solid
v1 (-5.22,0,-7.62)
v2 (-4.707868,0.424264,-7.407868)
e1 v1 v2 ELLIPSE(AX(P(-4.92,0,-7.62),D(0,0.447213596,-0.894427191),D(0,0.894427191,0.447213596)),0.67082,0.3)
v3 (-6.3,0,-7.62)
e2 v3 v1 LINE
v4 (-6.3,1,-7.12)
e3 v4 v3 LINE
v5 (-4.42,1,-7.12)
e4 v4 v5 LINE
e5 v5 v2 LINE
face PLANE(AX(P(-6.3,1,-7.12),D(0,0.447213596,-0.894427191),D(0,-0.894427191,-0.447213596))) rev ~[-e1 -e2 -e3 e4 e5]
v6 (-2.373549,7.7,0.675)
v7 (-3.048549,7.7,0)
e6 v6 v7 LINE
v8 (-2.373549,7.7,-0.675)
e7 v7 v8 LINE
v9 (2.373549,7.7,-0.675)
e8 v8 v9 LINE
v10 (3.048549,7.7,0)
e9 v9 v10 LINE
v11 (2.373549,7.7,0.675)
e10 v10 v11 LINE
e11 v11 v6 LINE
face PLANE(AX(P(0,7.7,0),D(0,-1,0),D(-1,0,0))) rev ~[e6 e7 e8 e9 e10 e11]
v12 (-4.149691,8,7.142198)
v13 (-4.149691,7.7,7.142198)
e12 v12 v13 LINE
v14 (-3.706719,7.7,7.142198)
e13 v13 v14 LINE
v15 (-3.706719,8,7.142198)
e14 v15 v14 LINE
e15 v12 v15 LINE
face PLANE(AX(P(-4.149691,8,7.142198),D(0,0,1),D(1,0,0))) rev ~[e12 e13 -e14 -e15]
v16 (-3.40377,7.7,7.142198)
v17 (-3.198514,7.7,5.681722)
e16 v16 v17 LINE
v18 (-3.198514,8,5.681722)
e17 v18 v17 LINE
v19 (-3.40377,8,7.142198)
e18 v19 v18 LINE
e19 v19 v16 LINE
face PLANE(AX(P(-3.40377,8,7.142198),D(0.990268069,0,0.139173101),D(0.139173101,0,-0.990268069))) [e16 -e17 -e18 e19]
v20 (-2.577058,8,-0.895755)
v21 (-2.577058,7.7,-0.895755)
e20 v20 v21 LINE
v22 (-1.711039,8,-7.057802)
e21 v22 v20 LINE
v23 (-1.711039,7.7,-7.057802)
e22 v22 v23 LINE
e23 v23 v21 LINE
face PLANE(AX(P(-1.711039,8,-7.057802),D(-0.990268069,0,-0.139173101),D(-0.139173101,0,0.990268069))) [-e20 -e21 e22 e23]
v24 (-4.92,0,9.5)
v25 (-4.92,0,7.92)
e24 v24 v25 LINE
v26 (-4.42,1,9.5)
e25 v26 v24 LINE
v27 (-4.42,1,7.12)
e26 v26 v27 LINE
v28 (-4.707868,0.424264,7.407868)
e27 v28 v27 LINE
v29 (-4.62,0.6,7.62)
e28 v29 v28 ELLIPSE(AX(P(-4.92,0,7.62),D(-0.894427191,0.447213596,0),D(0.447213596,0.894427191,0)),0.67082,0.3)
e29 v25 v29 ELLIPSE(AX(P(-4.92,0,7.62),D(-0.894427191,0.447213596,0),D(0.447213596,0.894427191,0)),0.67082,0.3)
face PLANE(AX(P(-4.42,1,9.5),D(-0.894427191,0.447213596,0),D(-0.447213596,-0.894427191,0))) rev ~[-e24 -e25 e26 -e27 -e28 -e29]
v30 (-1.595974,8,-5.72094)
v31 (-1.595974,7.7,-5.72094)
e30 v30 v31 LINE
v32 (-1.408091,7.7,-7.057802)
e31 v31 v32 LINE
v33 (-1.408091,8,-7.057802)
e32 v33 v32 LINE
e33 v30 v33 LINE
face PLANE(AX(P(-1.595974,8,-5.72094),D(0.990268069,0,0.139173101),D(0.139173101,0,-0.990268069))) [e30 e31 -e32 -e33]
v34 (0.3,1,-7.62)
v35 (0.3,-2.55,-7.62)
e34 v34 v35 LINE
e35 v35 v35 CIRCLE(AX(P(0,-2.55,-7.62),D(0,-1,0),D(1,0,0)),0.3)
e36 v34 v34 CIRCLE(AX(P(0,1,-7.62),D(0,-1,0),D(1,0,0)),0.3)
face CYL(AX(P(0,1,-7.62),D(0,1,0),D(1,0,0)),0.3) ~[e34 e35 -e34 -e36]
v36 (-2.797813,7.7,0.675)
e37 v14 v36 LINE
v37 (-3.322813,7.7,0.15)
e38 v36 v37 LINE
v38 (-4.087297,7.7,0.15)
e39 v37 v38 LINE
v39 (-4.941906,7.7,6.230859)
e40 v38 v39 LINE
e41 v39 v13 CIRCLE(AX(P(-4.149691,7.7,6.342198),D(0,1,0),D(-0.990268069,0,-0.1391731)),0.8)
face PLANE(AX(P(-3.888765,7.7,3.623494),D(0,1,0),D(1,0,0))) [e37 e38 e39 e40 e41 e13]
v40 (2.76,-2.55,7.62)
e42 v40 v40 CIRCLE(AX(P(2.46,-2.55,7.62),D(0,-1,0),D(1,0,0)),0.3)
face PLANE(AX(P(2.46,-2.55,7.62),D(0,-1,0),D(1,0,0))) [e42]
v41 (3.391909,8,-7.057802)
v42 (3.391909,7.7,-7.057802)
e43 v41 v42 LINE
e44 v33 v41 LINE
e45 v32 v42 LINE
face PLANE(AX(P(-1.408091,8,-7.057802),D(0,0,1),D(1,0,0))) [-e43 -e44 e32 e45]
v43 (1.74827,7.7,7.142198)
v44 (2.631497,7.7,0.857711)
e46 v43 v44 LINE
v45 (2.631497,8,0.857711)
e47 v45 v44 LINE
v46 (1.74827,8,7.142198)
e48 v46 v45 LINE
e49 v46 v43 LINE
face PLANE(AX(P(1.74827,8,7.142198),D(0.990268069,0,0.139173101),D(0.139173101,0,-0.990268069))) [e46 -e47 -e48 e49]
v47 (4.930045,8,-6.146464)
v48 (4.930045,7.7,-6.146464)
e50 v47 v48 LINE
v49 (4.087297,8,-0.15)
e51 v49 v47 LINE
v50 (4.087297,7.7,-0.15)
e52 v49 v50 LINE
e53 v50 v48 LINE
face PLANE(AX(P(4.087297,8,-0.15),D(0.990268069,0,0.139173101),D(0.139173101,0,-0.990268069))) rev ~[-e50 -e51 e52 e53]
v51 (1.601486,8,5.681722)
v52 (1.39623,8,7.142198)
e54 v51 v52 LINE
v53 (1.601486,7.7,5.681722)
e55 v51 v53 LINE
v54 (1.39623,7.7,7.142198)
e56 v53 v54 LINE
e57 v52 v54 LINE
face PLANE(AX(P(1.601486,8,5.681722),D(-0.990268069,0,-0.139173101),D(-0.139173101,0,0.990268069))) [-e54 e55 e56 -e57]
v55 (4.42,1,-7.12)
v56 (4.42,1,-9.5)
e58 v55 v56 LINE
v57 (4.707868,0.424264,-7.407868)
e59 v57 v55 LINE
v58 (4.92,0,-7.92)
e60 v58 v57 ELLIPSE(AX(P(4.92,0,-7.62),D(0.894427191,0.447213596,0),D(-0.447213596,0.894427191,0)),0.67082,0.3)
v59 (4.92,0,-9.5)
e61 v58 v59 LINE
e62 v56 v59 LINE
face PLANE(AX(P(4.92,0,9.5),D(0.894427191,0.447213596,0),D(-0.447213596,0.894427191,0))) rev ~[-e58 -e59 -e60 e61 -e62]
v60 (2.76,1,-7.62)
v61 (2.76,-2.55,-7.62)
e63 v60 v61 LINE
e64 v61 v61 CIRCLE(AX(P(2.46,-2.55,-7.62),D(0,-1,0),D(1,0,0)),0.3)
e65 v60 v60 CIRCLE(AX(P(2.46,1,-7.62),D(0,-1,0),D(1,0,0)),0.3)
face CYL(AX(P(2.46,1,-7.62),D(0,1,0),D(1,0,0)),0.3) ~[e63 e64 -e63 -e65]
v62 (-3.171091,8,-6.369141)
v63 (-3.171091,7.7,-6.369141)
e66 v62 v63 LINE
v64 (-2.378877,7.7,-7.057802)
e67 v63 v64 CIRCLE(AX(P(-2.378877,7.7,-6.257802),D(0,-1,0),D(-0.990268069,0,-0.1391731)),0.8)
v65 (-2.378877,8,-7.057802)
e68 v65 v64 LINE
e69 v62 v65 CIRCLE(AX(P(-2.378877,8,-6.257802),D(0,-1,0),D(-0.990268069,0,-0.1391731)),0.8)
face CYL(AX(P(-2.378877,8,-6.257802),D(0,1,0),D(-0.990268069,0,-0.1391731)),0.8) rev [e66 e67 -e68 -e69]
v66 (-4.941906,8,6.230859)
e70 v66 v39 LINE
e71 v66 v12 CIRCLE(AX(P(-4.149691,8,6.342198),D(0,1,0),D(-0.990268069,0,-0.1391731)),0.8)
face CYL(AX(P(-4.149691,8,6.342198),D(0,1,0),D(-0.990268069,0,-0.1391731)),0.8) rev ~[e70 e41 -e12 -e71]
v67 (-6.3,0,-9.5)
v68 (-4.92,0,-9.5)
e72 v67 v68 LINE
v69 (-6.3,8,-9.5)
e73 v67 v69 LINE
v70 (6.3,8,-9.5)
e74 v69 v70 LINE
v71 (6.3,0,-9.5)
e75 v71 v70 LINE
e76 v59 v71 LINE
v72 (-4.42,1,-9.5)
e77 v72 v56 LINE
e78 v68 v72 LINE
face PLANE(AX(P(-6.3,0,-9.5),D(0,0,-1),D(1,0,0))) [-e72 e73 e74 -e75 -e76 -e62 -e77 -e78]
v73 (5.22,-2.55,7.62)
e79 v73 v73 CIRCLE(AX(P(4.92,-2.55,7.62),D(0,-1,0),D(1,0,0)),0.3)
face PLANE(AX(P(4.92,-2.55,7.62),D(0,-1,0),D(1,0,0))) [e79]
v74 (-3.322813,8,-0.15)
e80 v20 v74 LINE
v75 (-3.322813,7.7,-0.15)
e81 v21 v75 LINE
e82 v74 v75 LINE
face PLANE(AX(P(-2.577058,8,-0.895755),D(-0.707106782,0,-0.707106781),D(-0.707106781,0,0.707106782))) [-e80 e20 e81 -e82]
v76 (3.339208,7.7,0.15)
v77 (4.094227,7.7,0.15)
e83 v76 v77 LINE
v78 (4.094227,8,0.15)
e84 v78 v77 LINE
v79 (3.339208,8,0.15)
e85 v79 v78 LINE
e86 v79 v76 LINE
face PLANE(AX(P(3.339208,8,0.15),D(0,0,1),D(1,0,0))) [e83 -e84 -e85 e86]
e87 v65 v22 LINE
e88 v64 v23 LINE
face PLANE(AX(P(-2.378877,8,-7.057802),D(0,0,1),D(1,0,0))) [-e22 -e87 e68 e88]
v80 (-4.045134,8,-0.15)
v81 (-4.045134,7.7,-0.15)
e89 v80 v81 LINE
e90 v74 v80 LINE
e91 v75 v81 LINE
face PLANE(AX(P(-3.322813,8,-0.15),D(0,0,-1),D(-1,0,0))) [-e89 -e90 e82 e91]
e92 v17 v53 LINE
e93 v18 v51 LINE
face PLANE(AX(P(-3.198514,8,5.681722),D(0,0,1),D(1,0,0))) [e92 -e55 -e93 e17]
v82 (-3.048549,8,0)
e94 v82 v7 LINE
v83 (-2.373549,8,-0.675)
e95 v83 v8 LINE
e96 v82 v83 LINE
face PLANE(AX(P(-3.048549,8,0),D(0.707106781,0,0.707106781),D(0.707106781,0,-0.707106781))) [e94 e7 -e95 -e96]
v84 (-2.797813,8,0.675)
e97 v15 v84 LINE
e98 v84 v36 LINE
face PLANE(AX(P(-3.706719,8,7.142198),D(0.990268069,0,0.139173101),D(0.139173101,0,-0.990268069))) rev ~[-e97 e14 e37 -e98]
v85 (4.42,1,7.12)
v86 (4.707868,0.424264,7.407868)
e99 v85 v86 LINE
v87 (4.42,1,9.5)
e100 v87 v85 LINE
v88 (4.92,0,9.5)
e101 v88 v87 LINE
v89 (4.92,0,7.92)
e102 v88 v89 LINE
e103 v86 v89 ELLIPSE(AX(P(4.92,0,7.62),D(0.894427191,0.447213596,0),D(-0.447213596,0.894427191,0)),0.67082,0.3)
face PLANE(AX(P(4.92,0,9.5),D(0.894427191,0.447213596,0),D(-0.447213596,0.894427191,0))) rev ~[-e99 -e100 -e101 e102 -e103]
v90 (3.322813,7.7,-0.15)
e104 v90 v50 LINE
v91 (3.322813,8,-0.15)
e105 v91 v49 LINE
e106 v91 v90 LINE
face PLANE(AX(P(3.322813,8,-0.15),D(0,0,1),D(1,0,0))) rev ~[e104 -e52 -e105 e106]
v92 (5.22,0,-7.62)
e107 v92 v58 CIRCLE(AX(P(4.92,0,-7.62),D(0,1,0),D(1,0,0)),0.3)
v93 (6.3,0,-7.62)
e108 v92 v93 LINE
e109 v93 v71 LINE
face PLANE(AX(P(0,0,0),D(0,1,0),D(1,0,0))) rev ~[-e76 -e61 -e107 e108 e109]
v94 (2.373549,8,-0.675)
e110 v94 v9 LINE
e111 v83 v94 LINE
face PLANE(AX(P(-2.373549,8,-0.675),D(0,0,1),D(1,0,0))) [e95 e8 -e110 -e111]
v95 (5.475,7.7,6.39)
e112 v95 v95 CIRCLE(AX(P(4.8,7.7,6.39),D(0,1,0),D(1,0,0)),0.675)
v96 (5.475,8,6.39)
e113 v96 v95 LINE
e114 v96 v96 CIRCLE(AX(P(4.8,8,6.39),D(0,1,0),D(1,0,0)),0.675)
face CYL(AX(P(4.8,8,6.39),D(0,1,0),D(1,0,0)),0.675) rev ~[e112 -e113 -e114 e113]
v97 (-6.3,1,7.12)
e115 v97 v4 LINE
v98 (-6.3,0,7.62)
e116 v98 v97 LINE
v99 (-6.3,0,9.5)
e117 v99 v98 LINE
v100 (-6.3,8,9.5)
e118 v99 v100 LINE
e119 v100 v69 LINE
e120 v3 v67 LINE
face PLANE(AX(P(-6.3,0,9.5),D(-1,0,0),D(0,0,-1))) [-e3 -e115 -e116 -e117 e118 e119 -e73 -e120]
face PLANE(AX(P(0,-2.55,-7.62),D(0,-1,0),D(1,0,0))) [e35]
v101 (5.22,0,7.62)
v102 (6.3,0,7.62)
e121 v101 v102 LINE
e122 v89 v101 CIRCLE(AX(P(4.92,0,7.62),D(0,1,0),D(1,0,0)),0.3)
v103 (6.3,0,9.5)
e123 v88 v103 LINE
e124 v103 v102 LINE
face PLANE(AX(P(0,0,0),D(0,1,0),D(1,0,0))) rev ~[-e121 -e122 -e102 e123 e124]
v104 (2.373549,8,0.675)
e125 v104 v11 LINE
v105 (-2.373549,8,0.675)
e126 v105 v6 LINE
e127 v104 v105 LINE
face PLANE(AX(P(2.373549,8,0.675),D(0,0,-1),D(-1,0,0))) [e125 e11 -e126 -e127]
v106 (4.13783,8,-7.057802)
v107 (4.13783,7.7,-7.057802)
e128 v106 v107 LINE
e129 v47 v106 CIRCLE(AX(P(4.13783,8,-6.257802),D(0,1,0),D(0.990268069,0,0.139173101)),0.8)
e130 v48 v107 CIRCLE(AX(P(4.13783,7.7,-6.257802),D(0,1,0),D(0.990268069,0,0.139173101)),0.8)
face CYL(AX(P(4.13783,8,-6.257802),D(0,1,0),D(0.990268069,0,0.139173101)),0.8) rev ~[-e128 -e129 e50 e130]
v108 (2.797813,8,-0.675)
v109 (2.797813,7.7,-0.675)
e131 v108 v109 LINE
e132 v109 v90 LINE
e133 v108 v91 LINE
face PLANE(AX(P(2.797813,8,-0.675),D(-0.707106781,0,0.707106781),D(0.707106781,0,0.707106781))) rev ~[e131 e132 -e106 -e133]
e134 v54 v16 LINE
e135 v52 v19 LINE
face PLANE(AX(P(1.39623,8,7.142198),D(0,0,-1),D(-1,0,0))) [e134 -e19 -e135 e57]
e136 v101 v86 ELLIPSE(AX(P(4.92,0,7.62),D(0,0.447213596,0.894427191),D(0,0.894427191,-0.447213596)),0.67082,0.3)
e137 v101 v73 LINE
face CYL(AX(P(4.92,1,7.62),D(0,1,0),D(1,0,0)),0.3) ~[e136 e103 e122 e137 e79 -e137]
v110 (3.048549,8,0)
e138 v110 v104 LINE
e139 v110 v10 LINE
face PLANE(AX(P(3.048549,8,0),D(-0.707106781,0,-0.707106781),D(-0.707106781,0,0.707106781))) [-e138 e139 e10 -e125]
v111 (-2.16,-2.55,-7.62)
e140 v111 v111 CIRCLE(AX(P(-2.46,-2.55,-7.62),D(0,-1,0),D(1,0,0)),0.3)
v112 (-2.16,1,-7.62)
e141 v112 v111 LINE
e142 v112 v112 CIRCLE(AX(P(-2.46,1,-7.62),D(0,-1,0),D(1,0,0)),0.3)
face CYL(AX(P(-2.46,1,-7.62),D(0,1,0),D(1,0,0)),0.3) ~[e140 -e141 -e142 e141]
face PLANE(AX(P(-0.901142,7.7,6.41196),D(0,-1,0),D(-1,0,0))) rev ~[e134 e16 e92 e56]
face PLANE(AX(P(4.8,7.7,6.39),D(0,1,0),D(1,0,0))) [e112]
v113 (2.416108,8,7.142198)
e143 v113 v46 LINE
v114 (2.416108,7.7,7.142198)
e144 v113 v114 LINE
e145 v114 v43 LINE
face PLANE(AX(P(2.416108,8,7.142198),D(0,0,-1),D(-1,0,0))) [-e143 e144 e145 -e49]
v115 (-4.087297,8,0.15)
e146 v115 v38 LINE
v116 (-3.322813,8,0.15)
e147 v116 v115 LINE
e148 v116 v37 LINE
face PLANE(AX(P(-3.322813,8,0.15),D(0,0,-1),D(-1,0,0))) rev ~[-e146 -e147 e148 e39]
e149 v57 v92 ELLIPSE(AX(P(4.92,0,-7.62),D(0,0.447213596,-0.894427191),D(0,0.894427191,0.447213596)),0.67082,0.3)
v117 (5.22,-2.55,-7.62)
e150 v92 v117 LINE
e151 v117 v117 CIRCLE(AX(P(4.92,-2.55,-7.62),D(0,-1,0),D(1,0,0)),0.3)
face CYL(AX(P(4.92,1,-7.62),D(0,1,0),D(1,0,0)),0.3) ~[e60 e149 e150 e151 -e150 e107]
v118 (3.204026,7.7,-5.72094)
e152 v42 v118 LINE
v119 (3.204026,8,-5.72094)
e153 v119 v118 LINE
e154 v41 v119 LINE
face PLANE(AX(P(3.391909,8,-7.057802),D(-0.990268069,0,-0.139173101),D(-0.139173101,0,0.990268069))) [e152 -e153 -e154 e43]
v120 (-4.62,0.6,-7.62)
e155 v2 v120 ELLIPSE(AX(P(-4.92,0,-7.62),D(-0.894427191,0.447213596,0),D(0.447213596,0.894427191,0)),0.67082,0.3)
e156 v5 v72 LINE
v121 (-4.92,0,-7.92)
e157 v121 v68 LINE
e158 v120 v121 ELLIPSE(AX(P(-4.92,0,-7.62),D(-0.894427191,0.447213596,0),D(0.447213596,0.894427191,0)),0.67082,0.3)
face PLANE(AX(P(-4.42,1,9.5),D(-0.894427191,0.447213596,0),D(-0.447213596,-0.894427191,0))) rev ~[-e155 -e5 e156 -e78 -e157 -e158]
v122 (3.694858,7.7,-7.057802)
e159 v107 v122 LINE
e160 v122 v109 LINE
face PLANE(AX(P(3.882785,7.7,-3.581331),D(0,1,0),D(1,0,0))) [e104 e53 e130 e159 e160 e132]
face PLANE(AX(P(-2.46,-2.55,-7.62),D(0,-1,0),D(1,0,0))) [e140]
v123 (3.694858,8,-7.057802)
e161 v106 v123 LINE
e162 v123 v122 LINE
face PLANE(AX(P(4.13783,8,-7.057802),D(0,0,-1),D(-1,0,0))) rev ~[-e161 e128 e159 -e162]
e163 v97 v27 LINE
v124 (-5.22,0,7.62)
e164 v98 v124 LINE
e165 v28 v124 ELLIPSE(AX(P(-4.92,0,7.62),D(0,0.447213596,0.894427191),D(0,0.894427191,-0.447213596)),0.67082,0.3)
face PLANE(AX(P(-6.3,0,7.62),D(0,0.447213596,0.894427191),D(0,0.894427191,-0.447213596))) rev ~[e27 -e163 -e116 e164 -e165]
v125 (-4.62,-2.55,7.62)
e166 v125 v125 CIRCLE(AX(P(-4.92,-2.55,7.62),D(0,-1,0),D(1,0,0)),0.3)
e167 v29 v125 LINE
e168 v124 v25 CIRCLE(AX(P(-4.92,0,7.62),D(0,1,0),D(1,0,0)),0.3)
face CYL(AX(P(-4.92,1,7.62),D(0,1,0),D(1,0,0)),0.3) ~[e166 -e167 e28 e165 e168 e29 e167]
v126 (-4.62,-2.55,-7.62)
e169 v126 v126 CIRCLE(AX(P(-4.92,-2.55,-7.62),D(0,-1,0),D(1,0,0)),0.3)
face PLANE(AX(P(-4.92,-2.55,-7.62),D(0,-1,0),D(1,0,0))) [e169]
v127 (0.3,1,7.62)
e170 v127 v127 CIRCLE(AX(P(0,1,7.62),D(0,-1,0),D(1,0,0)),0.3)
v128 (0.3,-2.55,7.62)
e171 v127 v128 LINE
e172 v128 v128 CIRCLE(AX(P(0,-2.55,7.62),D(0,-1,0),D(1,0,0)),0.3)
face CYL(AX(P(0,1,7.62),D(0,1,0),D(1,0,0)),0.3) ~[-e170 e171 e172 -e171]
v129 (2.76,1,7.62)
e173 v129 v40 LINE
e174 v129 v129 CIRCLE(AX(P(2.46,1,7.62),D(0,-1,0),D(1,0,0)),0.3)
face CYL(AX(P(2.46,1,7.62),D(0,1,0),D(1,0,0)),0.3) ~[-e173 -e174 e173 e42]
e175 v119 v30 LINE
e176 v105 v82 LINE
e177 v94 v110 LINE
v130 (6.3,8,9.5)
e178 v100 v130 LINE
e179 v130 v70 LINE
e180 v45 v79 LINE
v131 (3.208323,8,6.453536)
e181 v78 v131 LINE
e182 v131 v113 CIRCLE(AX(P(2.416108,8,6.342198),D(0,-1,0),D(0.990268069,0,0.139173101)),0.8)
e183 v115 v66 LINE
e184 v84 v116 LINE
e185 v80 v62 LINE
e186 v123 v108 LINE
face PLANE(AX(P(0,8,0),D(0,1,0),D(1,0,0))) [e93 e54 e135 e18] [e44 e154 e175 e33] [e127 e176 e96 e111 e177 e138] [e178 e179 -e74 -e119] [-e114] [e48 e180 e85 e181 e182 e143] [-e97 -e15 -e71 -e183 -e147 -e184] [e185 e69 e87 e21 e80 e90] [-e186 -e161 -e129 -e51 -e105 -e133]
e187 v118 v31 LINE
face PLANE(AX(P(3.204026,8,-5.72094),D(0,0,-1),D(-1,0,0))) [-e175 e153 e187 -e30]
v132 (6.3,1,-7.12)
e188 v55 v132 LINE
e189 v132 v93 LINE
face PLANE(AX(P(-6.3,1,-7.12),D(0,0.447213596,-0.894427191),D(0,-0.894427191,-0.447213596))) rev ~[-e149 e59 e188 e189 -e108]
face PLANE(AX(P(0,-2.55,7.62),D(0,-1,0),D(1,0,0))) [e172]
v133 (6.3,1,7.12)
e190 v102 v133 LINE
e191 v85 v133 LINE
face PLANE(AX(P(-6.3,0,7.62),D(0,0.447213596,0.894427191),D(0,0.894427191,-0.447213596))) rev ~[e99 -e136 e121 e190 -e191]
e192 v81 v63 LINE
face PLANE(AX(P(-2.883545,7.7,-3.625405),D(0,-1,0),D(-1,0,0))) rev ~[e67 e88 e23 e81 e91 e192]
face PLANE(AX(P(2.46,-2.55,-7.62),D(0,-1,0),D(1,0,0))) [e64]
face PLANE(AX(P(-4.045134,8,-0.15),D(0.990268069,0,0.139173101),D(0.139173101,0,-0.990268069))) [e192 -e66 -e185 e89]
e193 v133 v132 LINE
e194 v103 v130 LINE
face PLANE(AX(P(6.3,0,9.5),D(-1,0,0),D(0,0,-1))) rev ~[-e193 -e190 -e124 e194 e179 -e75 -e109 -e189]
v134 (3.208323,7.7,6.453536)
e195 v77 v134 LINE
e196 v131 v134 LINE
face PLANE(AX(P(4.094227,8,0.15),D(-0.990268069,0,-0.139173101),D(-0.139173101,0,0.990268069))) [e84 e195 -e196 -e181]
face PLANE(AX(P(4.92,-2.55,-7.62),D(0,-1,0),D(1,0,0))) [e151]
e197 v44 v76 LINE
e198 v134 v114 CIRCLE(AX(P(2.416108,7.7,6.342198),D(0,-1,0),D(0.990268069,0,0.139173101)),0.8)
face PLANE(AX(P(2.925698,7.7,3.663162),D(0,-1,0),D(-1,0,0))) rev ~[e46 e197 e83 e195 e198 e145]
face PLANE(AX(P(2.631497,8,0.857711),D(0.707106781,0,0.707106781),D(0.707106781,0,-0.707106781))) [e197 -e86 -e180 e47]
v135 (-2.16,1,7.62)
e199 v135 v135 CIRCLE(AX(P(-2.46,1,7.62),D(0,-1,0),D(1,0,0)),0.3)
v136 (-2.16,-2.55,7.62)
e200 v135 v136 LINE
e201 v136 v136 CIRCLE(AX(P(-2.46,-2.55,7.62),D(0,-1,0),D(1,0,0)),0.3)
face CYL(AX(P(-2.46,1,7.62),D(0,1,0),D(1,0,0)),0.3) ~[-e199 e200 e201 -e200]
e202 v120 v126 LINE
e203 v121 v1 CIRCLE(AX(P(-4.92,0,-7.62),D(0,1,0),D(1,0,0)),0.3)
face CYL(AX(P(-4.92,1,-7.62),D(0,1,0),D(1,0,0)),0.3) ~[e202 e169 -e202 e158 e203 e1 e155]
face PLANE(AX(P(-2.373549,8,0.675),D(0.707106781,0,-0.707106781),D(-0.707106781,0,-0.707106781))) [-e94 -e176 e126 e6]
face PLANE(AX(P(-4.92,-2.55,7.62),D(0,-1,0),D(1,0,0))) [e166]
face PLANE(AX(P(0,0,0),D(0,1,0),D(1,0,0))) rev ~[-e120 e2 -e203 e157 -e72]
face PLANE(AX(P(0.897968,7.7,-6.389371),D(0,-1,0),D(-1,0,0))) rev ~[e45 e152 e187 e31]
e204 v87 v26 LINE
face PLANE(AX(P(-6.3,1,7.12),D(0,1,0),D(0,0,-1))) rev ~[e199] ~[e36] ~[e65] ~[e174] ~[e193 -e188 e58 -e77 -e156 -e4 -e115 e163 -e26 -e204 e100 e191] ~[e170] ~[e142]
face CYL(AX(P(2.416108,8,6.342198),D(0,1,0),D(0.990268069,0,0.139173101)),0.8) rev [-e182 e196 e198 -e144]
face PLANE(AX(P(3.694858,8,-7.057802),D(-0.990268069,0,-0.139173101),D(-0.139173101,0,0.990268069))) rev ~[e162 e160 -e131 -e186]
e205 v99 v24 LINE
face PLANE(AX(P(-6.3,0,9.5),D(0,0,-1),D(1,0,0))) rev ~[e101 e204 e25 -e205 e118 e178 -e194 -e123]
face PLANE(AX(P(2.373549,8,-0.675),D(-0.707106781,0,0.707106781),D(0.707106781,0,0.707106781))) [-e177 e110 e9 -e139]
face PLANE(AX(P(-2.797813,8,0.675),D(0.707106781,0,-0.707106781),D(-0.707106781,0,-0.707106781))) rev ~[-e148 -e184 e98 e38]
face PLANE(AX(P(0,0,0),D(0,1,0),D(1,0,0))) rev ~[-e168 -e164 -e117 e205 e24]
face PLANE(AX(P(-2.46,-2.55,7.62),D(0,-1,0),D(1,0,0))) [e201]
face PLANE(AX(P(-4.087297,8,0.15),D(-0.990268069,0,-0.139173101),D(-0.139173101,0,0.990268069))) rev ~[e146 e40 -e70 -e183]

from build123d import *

# Parameters (mm, degrees)
SKETCH1_W           = 12.6
SKETCH1_H           = 19
BOSS_EXTRUDE1_DEPTH = 8
CUT_EXTRUDE1_DEPTH  = 20
CUT_EXTRUDE2_DEPTH  = 13.6
SKETCH4_R           = 0.675
CUT_EXTRUDE3_DEPTH  = 0.3
SKETCH5_R           = 0.3
BOSS_EXTRUDE2_DEPTH = 3.55


with BuildPart() as part:
    # Sketch1 → Boss-Extrude1 (new body)
    with BuildSketch(Plane(origin=(0, 0, 0), x_dir=(1, 0, 0), z_dir=(0, 1, 0))):
        Rectangle(SKETCH1_W, SKETCH1_H)
    extrude(amount=BOSS_EXTRUDE1_DEPTH)

    # Sketch2 → Cut-Extrude1 (cut, through all)
    with BuildSketch(Plane.XY.offset(9.5)):
        Polygon((-4.92, 0), (4.92, 0), (4.42, 1), (-4.42, 1), align=None)
    extrude(amount=-CUT_EXTRUDE1_DEPTH, mode=Mode.SUBTRACT)

    # Sketch3 → Cut-Extrude2 (cut, through all)
    with BuildSketch(Plane.ZY.offset(6.3)):
        Polygon((-7.62, 0), (7.62, 0), (7.12, 1), (-7.12, 1), align=None)
    extrude(amount=-CUT_EXTRUDE2_DEPTH, mode=Mode.SUBTRACT)

    # Sketch4 → Cut-Extrude3 (cut)
    with BuildSketch(Plane(origin=(0, 8, 0), x_dir=(1, 0, 0), z_dir=(0, 1, 0))):
        with Locations((4.8, -6.39)):
            Circle(SKETCH4_R)
        Polygon((-1.408090595, 7.057802146), (3.391909405, 7.057802146), (3.204025719, 5.720940254), (-1.595974281, 5.720940254), align=None)
        Polygon((-3.198514004, -5.681722368), (1.601485996, -5.681722368), (1.396229552, -7.142197854), (-3.403770448, -7.142197854), align=None)
        Polygon((-3.048549266, 0), (-2.373549266, 0.675), (2.373549266, 0.675), (3.048549266, 0), (2.373549266, -0.675), (-2.373549266, -0.675), align=None)
        with BuildLine():
            Line((3.694857677, 7.057802146), (2.797813335, 0.675))
            Line((2.797813335, 0.675), (3.322813335, 0.15))
            Line((3.322813335, 0.15), (4.08729662, 0.15))
            Line((4.08729662, 0.15), (4.930044629, 6.146463666))
            ThreePointArc((4.930044629, 6.146463666), (4.741597838, 6.78264937), (4.137830174, 7.057802146))
            Line((4.137830174, 7.057802146), (3.694857677, 7.057802146))
        make_face()
        with BuildLine():
            Line((3.339208356, -0.15), (4.094226883, -0.15))
            Line((4.094226883, -0.15), (3.208322625, -6.453536334))
            ThreePointArc((3.208322625, -6.453536334), (2.940955393, -6.945965518), (2.41610817, -7.142197854))
            Line((2.41610817, -7.142197854), (1.748270337, -7.142197854))
            Line((1.748270337, -7.142197854), (2.631497367, -0.857710989))
            Line((2.631497367, -0.857710989), (3.339208356, -0.15))
        make_face()
        with BuildLine():
            Line((-1.711038867, 7.057802146), (-2.577058081, 0.895755255))
            Line((-2.577058081, 0.895755255), (-3.322813335, 0.15))
            Line((-3.322813335, 0.15), (-4.045134369, 0.15))
            Line((-4.045134369, 0.15), (-3.171091155, 6.369140627))
            ThreePointArc((-3.171091155, 6.369140627), (-2.903723923, 6.861569811), (-2.3788767, 7.057802146))
            Line((-2.3788767, 7.057802146), (-1.711038867, 7.057802146))
        make_face()
        with BuildLine():
            Line((-4.08729662, -0.15), (-4.941905672, -6.230859373))
            ThreePointArc((-4.941905672, -6.230859373), (-4.753458881, -6.867045077), (-4.149691217, -7.142197854))
            Line((-4.149691217, -7.142197854), (-3.70671872, -7.142197854))
            Line((-3.70671872, -7.142197854), (-2.797813335, -0.675))
            Line((-2.797813335, -0.675), (-3.322813335, -0.15))
            Line((-3.322813335, -0.15), (-4.08729662, -0.15))
        make_face()
    extrude(amount=-CUT_EXTRUDE3_DEPTH, mode=Mode.SUBTRACT)

    # Sketch5 → Boss-Extrude2 (add)
    with BuildSketch(Plane.XZ.offset(-1)):
        with Locations((-4.92, 7.62)):
            Circle(SKETCH5_R)
        with Locations((-2.46, 7.62)):
            Circle(SKETCH5_R)
        with Locations((0, 7.62)):
            Circle(SKETCH5_R)
        with Locations((2.46, 7.62)):
            Circle(SKETCH5_R)
        with Locations((4.92, 7.62)):
            Circle(SKETCH5_R)
        with Locations((-2.46, -7.62)):
            Circle(SKETCH5_R)
        with Locations((0, -7.62)):
            Circle(SKETCH5_R)
        with Locations((2.46, -7.62)):
            Circle(SKETCH5_R)
        with Locations((4.92, -7.62)):
            Circle(SKETCH5_R)
        with Locations((-4.92, -7.62)):
            Circle(SKETCH5_R)
    extrude(amount=BOSS_EXTRUDE2_DEPTH)


solid = part.part
